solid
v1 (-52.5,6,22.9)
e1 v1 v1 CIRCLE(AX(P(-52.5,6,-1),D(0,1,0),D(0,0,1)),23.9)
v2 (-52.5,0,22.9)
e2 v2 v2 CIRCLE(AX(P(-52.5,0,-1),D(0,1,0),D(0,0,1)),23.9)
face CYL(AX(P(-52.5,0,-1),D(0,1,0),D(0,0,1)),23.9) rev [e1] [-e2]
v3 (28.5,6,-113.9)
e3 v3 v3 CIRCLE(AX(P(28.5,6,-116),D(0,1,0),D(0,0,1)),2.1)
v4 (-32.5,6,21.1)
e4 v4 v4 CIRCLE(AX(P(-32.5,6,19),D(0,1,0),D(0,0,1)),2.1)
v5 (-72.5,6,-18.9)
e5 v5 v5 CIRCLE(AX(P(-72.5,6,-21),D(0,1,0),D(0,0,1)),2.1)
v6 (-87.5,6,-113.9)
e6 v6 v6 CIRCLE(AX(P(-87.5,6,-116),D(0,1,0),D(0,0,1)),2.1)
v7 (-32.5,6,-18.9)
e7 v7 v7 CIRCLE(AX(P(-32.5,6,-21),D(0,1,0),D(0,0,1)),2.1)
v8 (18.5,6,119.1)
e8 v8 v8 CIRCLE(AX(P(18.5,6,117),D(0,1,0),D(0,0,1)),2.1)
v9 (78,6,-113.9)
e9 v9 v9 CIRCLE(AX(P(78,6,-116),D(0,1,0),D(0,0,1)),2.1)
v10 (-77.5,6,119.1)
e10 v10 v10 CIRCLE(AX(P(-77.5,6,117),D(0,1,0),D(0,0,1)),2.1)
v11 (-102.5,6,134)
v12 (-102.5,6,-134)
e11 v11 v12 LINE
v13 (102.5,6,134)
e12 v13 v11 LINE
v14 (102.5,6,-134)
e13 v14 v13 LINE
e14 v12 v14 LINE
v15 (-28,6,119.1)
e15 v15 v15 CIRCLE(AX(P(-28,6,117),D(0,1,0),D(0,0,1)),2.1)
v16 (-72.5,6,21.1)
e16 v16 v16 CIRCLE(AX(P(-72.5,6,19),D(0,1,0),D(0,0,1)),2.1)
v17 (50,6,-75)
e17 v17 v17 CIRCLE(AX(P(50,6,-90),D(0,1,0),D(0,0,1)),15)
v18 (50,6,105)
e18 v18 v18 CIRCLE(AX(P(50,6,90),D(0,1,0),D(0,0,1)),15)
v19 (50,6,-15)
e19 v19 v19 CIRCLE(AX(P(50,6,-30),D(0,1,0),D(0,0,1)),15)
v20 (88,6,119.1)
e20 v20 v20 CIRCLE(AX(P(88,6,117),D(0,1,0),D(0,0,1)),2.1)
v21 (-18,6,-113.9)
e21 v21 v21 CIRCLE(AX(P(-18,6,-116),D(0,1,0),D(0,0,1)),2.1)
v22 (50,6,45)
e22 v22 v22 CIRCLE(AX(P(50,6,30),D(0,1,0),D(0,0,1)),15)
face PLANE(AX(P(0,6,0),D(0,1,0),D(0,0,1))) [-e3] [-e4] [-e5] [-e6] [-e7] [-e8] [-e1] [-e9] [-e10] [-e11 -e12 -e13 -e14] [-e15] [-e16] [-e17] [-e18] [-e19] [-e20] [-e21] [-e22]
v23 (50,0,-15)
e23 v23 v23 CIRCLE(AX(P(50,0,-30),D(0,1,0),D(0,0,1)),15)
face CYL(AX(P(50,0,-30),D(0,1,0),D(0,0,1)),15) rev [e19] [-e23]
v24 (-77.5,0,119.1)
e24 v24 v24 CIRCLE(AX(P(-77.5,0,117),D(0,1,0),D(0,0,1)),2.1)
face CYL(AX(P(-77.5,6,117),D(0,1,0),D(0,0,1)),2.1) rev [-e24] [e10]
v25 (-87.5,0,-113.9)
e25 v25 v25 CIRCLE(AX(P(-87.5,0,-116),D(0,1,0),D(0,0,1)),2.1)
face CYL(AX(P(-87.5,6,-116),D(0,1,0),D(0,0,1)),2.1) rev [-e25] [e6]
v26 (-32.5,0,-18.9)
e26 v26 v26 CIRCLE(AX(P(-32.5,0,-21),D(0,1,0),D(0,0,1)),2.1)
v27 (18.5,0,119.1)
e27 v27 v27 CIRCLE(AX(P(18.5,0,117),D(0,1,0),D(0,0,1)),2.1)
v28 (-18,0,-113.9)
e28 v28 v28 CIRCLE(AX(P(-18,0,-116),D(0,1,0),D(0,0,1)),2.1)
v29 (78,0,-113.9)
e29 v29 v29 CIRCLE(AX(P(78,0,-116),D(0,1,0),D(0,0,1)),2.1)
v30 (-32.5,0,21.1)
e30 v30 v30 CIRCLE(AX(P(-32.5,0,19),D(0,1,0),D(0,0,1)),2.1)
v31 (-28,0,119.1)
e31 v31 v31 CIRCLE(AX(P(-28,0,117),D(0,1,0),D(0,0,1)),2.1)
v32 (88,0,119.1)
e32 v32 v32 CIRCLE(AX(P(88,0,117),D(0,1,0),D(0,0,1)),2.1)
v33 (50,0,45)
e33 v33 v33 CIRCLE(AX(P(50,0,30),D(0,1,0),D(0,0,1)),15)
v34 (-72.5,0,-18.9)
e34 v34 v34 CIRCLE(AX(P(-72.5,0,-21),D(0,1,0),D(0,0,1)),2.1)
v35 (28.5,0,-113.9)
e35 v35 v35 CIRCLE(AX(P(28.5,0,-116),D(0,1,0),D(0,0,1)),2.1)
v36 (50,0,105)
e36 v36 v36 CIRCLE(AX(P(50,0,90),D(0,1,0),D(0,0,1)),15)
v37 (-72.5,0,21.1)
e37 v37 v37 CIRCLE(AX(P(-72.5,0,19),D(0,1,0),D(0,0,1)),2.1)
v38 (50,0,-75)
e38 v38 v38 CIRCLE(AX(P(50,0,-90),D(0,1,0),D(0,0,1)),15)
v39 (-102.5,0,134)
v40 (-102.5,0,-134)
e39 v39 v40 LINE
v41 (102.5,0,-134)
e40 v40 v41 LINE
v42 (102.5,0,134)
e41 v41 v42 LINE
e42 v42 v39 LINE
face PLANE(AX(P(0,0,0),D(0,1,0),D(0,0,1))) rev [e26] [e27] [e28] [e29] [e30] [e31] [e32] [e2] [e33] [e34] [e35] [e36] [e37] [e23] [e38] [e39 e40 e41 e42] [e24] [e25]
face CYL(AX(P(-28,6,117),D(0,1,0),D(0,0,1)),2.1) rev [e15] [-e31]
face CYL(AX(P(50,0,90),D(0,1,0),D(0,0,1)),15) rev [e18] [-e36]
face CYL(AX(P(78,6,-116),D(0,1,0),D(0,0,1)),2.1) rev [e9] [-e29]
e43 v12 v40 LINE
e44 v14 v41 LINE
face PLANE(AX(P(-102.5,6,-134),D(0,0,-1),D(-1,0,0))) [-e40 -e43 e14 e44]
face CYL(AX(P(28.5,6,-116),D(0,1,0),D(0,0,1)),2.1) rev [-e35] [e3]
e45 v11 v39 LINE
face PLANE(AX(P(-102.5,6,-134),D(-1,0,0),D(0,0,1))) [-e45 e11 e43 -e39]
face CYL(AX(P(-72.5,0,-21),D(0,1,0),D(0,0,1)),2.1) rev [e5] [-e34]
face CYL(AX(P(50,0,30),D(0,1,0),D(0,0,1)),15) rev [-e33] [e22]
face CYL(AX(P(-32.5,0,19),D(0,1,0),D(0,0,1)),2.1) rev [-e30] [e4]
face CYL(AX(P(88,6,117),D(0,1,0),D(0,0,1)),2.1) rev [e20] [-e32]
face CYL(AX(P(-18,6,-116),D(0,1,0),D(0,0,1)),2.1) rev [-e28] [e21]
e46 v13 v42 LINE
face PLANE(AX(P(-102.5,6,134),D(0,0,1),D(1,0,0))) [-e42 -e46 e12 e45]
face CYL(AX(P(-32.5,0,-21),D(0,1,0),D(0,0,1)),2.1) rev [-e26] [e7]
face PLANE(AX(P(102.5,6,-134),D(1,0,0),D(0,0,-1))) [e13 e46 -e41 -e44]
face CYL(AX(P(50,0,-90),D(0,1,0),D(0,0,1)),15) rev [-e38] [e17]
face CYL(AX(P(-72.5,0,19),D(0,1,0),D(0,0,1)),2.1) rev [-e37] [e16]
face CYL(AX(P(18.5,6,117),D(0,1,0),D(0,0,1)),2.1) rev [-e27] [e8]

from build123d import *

# Parameters (mm, degrees)
ESBO_O1_W                    = 205
ESBO_O1_H                    = 268
RESSALTO_EXTRUS_O1_DEPTH     = 6
ESBO_O3_R                    = 23.9
ESBO_O3_R_2                  = 2.1
CORTE_EXTRUS_O4_DEPTH        = 169.814247029
ESBO_O4_R                    = 15
CORTE_EXTRUS_O5_DEPTH        = 169.814247029
FURO_DE_DI_METRO_4_2_4_2_1_D = 4.2


with BuildPart() as part:
    # Esboço1 → Ressalto-extrusão1 (new body)
    with BuildSketch(Plane.XZ):
        Rectangle(ESBO_O1_W, ESBO_O1_H)
    extrude(amount=-RESSALTO_EXTRUS_O1_DEPTH)

    # Esboço3 → Corte-extrusão4 (cut, through all)
    with BuildSketch(Plane(origin=(0, 6, 0), x_dir=(1, 0, 0), z_dir=(0, 1, 0))):
        with Locations(Location((-52.5, 1, 0), (0, 0, 270))):
            Circle(ESBO_O3_R)
        with Locations(Location((-72.5, 21, 0), (0, 0, 270))):
            Circle(ESBO_O3_R_2)
        with Locations(Location((-32.5, 21, 0), (0, 0, 270))):
            Circle(ESBO_O3_R_2)
        with Locations(Location((-32.5, -19, 0), (0, 0, 270))):
            Circle(ESBO_O3_R_2)
        with Locations(Location((-72.5, -19, 0), (0, 0, 270))):
            Circle(ESBO_O3_R_2)
    extrude(amount=-CORTE_EXTRUS_O4_DEPTH, mode=Mode.SUBTRACT)

    # Esboço4 → Corte-extrusão5 (cut, through all)
    with BuildSketch(Plane(origin=(0, 6, 0), x_dir=(1, 0, 0), z_dir=(0, 1, 0))):
        with Locations(Location((50, 30, 0), (0, 0, 270))):
            Circle(ESBO_O4_R)
        with Locations(Location((50, -30, 0), (0, 0, 270))):
            Circle(ESBO_O4_R)
        with Locations(Location((50, 90, 0), (0, 0, 270))):
            Circle(ESBO_O4_R)
        with Locations(Location((50, -90, 0), (0, 0, 270))):
            Circle(ESBO_O4_R)
    extrude(amount=-CORTE_EXTRUS_O5_DEPTH, mode=Mode.SUBTRACT)

    # Furo de diâmetro Ø4.2 (4.2)1 (through all)
    with Locations(Plane(origin=(0, 6, 0), x_dir=(1, 0, 0), z_dir=(0, 1, 0))):
        with Locations((-87.5, 116), (-18, 116), (28.5, 116), (78, 116), (-77.5, -117), (-28, -117), (18.5, -117), (88, -117)):
            Hole(FURO_DE_DI_METRO_4_2_4_2_1_D / 2)


solid = part.part
